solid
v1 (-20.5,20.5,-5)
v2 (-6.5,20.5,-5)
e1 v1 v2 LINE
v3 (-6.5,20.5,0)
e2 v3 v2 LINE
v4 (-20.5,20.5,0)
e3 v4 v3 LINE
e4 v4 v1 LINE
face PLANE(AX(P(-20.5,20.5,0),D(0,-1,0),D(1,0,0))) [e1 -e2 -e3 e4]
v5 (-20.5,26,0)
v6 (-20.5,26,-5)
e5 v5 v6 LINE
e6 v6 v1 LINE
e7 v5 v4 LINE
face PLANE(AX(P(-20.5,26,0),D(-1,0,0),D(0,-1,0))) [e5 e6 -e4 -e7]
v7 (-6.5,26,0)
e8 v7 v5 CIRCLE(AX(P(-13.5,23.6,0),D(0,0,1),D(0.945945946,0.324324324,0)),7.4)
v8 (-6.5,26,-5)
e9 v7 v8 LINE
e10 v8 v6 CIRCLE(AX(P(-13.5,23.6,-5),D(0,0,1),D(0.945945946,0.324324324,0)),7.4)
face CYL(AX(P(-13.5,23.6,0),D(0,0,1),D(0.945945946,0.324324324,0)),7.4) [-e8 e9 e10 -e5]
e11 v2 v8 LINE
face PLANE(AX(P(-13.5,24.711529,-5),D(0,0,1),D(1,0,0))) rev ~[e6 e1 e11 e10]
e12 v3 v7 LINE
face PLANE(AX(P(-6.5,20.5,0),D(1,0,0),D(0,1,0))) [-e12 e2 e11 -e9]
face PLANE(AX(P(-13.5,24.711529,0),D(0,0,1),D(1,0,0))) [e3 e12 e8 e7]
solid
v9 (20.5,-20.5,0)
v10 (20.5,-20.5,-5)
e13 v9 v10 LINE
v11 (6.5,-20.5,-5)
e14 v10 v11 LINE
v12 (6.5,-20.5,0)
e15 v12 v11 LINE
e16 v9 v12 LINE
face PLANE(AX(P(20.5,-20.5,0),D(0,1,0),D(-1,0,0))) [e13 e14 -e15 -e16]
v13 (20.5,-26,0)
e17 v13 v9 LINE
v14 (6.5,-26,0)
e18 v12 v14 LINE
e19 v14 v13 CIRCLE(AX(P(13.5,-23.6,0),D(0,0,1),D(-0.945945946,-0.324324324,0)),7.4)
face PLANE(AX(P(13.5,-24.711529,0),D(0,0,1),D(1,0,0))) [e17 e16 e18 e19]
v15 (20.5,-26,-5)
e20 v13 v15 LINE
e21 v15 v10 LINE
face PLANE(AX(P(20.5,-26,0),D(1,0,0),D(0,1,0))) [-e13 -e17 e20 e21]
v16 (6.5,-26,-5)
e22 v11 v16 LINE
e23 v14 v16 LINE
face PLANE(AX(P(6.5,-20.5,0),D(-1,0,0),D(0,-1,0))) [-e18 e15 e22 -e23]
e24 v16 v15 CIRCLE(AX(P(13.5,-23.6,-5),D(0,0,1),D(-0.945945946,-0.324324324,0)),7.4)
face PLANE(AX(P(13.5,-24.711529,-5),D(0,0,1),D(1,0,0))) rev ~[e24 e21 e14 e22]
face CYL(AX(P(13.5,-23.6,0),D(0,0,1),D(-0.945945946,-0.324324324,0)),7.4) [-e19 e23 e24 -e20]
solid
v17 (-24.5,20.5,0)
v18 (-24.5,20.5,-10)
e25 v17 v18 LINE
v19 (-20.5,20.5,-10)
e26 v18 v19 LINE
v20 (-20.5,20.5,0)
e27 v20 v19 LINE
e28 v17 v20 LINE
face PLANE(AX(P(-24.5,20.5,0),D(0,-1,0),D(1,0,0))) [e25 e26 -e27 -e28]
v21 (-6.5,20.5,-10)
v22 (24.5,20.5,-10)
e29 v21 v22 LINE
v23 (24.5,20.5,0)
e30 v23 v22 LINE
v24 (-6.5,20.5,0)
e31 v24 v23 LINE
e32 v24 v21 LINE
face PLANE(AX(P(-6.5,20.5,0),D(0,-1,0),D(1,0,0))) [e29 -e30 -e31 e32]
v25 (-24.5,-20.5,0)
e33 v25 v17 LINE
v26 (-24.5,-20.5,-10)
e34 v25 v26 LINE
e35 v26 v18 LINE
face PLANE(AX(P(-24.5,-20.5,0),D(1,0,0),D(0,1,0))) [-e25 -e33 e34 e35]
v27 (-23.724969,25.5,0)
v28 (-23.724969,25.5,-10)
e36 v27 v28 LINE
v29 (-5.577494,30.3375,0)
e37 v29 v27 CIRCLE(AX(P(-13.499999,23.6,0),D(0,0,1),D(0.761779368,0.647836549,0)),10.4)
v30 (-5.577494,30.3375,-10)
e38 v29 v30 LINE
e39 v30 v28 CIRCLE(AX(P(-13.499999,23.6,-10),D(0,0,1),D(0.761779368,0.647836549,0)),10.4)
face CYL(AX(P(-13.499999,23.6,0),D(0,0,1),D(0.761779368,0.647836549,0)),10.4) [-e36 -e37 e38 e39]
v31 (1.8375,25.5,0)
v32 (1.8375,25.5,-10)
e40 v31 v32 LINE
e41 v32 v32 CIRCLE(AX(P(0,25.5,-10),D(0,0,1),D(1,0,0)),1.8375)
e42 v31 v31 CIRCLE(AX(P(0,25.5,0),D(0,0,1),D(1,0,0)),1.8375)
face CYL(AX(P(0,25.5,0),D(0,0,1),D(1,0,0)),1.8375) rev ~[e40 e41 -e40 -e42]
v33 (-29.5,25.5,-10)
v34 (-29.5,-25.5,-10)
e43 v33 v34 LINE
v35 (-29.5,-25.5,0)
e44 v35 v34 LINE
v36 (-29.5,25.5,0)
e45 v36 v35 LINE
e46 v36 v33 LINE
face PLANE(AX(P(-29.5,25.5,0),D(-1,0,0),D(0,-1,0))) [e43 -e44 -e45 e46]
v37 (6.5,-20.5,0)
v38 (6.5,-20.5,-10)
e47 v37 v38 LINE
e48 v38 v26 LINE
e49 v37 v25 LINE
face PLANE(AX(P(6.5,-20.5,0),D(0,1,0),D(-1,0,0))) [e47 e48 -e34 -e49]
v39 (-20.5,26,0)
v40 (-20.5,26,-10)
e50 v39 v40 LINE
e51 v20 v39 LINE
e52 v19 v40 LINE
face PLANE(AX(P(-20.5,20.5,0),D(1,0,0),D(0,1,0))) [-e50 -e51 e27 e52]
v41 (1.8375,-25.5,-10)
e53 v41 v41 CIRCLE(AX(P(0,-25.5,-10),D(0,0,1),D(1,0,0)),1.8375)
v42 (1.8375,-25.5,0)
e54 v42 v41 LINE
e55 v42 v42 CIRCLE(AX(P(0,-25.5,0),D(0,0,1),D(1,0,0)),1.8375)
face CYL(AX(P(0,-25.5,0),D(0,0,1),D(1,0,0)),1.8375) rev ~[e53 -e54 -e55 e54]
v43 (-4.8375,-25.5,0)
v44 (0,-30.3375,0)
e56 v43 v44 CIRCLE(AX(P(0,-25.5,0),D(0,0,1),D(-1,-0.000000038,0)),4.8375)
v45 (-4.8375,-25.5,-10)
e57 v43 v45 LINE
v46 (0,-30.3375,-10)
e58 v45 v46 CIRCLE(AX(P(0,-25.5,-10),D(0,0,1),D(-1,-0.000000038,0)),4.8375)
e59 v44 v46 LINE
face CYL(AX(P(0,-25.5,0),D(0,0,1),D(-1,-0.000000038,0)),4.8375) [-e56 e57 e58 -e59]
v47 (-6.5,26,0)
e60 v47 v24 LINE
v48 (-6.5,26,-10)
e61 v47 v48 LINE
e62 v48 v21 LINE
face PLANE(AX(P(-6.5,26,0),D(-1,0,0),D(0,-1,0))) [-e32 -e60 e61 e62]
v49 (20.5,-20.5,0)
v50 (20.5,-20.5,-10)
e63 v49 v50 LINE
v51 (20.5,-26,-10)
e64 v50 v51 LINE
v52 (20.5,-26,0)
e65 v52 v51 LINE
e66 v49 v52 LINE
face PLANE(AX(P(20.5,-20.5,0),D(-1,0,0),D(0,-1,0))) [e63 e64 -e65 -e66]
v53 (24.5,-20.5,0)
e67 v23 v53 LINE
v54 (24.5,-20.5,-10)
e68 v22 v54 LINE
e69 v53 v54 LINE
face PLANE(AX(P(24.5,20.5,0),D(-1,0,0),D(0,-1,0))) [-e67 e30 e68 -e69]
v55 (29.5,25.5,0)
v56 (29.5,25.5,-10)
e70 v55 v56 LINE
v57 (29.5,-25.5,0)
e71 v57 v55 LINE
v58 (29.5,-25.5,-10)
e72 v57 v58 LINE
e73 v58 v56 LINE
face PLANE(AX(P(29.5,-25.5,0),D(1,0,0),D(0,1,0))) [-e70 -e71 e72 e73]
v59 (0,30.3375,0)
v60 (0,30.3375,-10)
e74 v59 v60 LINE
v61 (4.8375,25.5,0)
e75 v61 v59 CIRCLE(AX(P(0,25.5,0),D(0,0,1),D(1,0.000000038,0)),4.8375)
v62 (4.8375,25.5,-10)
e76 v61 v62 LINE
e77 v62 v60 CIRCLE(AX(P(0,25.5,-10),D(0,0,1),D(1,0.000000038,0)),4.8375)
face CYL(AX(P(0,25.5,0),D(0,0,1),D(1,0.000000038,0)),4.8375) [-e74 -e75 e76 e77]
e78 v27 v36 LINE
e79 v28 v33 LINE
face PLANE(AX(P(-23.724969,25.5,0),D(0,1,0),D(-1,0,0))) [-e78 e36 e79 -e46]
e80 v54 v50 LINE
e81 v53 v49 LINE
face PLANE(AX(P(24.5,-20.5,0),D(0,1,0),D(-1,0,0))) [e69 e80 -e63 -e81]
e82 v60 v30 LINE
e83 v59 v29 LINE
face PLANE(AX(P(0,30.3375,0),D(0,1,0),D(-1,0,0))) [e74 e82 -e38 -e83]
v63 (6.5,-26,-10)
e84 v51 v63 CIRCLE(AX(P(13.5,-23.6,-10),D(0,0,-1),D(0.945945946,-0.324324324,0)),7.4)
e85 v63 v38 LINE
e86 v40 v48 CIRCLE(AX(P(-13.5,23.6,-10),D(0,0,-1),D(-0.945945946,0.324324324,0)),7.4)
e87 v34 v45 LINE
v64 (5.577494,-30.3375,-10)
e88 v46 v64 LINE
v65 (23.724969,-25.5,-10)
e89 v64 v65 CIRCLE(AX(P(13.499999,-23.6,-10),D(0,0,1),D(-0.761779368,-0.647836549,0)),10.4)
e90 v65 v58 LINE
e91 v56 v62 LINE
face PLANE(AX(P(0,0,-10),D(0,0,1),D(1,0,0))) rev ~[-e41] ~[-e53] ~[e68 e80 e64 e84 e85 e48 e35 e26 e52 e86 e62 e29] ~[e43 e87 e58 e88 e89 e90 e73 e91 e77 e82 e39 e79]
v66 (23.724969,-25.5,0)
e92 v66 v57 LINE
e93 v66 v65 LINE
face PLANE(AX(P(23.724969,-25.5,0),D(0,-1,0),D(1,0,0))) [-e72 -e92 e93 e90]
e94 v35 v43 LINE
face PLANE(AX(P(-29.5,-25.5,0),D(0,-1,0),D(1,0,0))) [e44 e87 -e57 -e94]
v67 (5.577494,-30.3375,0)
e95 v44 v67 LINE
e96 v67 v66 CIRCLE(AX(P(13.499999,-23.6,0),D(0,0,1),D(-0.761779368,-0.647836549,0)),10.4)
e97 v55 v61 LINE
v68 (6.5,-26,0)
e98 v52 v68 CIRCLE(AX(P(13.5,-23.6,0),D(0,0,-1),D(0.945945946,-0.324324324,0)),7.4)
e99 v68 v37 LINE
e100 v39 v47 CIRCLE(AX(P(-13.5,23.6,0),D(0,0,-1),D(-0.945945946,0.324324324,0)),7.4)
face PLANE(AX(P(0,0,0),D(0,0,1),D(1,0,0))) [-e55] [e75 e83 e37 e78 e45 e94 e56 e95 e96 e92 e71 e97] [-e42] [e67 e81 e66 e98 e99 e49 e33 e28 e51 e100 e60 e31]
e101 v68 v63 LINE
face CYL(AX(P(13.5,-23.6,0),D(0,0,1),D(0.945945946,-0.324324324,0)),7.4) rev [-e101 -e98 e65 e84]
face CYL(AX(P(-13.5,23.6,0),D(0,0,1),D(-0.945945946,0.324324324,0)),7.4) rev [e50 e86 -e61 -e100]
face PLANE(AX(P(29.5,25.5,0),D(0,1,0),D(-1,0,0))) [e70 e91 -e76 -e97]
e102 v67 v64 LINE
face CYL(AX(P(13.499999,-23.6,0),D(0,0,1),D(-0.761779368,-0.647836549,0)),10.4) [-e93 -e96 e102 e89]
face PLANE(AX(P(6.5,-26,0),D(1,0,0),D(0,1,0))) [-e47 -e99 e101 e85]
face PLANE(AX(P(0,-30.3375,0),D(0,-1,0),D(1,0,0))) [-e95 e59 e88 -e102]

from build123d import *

# Parameters (mm, degrees)
F2_R     = 1.8375
F0_DEPTH = 10
F1_DEPTH = 5


with BuildPart() as f0:
    # F2 (on Top) → F0 (new body)
    with BuildSketch(Plane.XY):
        with BuildLine():
            Line((29.5, -25.5), (29.5, 25.5))
            Line((29.5, 25.5), (6.75, 25.5))
            Line((6.75, 25.5), (4.8375, 25.5))
            ThreePointArc((4.8375, 25.5), (3.420629, 28.920629), (0, 30.3375))
            Line((0, 30.3375), (-5.577494, 30.3375))
            ThreePointArc((-5.577494, 30.3375), (-16.178747, 33.649095), (-23.724969, 25.5))
            Line((-23.724969, 25.5), (-29.5, 25.5))
            Line((-29.5, 25.5), (-29.5, -25.5))
            Line((-29.5, -25.5), (-10.75, -25.5))
            Line((-10.75, -25.5), (-4.8375, -25.5))
            ThreePointArc((-4.8375, -25.5), (-3.420629, -28.920629), (0, -30.3375))
            Line((0, -30.3375), (5.577494, -30.3375))
            ThreePointArc((5.577494, -30.3375), (16.178747, -33.649095), (23.724969, -25.5))
            Line((23.724969, -25.5), (29.5, -25.5))
        make_face()
        with Locations((0, -25.5)):
            Circle(F2_R, mode=Mode.SUBTRACT)
        with BuildLine():
            Line((-6.5, 20.5), (24.5, 20.5))
            Line((24.5, 20.5), (24.5, -20.5))
            Line((24.5, -20.5), (20.5, -20.5))
            Line((20.5, -20.5), (20.5, -26))
            ThreePointArc((20.5, -26), (13.5, -31), (6.5, -26))
            Line((6.5, -26), (6.5, -20.5))
            Line((6.5, -20.5), (-24.5, -20.5))
            Line((-24.5, -20.5), (-24.5, 20.5))
            Line((-24.5, 20.5), (-20.5, 20.5))
            Line((-20.5, 20.5), (-20.5, 26))
            ThreePointArc((-20.5, 26), (-13.5, 31), (-6.5, 26))
            Line((-6.5, 26), (-6.5, 20.5))
        make_face(mode=Mode.SUBTRACT)
        with Locations((0, 25.5)):
            Circle(F2_R, mode=Mode.SUBTRACT)
    extrude(amount=-F0_DEPTH)


with BuildPart() as f1:
    # F2 (on Top) → F1 (new body)
    with BuildSketch(Plane.XY):
        with BuildLine():
            Line((-20.5, 20.5), (-6.5, 20.5))
            Line((-6.5, 20.5), (-6.5, 26))
            ThreePointArc((-6.5, 26), (-13.5, 31), (-20.5, 26))
            Line((-20.5, 26), (-20.5, 20.5))
        make_face()
        with BuildLine():
            Line((20.5, -26), (20.5, -20.5))
            Line((20.5, -20.5), (6.5, -20.5))
            Line((6.5, -20.5), (6.5, -26))
            ThreePointArc((6.5, -26), (13.5, -31), (20.5, -26))
        make_face()
    extrude(amount=-F1_DEPTH)


solid = Compound([f0.part, f1.part])
